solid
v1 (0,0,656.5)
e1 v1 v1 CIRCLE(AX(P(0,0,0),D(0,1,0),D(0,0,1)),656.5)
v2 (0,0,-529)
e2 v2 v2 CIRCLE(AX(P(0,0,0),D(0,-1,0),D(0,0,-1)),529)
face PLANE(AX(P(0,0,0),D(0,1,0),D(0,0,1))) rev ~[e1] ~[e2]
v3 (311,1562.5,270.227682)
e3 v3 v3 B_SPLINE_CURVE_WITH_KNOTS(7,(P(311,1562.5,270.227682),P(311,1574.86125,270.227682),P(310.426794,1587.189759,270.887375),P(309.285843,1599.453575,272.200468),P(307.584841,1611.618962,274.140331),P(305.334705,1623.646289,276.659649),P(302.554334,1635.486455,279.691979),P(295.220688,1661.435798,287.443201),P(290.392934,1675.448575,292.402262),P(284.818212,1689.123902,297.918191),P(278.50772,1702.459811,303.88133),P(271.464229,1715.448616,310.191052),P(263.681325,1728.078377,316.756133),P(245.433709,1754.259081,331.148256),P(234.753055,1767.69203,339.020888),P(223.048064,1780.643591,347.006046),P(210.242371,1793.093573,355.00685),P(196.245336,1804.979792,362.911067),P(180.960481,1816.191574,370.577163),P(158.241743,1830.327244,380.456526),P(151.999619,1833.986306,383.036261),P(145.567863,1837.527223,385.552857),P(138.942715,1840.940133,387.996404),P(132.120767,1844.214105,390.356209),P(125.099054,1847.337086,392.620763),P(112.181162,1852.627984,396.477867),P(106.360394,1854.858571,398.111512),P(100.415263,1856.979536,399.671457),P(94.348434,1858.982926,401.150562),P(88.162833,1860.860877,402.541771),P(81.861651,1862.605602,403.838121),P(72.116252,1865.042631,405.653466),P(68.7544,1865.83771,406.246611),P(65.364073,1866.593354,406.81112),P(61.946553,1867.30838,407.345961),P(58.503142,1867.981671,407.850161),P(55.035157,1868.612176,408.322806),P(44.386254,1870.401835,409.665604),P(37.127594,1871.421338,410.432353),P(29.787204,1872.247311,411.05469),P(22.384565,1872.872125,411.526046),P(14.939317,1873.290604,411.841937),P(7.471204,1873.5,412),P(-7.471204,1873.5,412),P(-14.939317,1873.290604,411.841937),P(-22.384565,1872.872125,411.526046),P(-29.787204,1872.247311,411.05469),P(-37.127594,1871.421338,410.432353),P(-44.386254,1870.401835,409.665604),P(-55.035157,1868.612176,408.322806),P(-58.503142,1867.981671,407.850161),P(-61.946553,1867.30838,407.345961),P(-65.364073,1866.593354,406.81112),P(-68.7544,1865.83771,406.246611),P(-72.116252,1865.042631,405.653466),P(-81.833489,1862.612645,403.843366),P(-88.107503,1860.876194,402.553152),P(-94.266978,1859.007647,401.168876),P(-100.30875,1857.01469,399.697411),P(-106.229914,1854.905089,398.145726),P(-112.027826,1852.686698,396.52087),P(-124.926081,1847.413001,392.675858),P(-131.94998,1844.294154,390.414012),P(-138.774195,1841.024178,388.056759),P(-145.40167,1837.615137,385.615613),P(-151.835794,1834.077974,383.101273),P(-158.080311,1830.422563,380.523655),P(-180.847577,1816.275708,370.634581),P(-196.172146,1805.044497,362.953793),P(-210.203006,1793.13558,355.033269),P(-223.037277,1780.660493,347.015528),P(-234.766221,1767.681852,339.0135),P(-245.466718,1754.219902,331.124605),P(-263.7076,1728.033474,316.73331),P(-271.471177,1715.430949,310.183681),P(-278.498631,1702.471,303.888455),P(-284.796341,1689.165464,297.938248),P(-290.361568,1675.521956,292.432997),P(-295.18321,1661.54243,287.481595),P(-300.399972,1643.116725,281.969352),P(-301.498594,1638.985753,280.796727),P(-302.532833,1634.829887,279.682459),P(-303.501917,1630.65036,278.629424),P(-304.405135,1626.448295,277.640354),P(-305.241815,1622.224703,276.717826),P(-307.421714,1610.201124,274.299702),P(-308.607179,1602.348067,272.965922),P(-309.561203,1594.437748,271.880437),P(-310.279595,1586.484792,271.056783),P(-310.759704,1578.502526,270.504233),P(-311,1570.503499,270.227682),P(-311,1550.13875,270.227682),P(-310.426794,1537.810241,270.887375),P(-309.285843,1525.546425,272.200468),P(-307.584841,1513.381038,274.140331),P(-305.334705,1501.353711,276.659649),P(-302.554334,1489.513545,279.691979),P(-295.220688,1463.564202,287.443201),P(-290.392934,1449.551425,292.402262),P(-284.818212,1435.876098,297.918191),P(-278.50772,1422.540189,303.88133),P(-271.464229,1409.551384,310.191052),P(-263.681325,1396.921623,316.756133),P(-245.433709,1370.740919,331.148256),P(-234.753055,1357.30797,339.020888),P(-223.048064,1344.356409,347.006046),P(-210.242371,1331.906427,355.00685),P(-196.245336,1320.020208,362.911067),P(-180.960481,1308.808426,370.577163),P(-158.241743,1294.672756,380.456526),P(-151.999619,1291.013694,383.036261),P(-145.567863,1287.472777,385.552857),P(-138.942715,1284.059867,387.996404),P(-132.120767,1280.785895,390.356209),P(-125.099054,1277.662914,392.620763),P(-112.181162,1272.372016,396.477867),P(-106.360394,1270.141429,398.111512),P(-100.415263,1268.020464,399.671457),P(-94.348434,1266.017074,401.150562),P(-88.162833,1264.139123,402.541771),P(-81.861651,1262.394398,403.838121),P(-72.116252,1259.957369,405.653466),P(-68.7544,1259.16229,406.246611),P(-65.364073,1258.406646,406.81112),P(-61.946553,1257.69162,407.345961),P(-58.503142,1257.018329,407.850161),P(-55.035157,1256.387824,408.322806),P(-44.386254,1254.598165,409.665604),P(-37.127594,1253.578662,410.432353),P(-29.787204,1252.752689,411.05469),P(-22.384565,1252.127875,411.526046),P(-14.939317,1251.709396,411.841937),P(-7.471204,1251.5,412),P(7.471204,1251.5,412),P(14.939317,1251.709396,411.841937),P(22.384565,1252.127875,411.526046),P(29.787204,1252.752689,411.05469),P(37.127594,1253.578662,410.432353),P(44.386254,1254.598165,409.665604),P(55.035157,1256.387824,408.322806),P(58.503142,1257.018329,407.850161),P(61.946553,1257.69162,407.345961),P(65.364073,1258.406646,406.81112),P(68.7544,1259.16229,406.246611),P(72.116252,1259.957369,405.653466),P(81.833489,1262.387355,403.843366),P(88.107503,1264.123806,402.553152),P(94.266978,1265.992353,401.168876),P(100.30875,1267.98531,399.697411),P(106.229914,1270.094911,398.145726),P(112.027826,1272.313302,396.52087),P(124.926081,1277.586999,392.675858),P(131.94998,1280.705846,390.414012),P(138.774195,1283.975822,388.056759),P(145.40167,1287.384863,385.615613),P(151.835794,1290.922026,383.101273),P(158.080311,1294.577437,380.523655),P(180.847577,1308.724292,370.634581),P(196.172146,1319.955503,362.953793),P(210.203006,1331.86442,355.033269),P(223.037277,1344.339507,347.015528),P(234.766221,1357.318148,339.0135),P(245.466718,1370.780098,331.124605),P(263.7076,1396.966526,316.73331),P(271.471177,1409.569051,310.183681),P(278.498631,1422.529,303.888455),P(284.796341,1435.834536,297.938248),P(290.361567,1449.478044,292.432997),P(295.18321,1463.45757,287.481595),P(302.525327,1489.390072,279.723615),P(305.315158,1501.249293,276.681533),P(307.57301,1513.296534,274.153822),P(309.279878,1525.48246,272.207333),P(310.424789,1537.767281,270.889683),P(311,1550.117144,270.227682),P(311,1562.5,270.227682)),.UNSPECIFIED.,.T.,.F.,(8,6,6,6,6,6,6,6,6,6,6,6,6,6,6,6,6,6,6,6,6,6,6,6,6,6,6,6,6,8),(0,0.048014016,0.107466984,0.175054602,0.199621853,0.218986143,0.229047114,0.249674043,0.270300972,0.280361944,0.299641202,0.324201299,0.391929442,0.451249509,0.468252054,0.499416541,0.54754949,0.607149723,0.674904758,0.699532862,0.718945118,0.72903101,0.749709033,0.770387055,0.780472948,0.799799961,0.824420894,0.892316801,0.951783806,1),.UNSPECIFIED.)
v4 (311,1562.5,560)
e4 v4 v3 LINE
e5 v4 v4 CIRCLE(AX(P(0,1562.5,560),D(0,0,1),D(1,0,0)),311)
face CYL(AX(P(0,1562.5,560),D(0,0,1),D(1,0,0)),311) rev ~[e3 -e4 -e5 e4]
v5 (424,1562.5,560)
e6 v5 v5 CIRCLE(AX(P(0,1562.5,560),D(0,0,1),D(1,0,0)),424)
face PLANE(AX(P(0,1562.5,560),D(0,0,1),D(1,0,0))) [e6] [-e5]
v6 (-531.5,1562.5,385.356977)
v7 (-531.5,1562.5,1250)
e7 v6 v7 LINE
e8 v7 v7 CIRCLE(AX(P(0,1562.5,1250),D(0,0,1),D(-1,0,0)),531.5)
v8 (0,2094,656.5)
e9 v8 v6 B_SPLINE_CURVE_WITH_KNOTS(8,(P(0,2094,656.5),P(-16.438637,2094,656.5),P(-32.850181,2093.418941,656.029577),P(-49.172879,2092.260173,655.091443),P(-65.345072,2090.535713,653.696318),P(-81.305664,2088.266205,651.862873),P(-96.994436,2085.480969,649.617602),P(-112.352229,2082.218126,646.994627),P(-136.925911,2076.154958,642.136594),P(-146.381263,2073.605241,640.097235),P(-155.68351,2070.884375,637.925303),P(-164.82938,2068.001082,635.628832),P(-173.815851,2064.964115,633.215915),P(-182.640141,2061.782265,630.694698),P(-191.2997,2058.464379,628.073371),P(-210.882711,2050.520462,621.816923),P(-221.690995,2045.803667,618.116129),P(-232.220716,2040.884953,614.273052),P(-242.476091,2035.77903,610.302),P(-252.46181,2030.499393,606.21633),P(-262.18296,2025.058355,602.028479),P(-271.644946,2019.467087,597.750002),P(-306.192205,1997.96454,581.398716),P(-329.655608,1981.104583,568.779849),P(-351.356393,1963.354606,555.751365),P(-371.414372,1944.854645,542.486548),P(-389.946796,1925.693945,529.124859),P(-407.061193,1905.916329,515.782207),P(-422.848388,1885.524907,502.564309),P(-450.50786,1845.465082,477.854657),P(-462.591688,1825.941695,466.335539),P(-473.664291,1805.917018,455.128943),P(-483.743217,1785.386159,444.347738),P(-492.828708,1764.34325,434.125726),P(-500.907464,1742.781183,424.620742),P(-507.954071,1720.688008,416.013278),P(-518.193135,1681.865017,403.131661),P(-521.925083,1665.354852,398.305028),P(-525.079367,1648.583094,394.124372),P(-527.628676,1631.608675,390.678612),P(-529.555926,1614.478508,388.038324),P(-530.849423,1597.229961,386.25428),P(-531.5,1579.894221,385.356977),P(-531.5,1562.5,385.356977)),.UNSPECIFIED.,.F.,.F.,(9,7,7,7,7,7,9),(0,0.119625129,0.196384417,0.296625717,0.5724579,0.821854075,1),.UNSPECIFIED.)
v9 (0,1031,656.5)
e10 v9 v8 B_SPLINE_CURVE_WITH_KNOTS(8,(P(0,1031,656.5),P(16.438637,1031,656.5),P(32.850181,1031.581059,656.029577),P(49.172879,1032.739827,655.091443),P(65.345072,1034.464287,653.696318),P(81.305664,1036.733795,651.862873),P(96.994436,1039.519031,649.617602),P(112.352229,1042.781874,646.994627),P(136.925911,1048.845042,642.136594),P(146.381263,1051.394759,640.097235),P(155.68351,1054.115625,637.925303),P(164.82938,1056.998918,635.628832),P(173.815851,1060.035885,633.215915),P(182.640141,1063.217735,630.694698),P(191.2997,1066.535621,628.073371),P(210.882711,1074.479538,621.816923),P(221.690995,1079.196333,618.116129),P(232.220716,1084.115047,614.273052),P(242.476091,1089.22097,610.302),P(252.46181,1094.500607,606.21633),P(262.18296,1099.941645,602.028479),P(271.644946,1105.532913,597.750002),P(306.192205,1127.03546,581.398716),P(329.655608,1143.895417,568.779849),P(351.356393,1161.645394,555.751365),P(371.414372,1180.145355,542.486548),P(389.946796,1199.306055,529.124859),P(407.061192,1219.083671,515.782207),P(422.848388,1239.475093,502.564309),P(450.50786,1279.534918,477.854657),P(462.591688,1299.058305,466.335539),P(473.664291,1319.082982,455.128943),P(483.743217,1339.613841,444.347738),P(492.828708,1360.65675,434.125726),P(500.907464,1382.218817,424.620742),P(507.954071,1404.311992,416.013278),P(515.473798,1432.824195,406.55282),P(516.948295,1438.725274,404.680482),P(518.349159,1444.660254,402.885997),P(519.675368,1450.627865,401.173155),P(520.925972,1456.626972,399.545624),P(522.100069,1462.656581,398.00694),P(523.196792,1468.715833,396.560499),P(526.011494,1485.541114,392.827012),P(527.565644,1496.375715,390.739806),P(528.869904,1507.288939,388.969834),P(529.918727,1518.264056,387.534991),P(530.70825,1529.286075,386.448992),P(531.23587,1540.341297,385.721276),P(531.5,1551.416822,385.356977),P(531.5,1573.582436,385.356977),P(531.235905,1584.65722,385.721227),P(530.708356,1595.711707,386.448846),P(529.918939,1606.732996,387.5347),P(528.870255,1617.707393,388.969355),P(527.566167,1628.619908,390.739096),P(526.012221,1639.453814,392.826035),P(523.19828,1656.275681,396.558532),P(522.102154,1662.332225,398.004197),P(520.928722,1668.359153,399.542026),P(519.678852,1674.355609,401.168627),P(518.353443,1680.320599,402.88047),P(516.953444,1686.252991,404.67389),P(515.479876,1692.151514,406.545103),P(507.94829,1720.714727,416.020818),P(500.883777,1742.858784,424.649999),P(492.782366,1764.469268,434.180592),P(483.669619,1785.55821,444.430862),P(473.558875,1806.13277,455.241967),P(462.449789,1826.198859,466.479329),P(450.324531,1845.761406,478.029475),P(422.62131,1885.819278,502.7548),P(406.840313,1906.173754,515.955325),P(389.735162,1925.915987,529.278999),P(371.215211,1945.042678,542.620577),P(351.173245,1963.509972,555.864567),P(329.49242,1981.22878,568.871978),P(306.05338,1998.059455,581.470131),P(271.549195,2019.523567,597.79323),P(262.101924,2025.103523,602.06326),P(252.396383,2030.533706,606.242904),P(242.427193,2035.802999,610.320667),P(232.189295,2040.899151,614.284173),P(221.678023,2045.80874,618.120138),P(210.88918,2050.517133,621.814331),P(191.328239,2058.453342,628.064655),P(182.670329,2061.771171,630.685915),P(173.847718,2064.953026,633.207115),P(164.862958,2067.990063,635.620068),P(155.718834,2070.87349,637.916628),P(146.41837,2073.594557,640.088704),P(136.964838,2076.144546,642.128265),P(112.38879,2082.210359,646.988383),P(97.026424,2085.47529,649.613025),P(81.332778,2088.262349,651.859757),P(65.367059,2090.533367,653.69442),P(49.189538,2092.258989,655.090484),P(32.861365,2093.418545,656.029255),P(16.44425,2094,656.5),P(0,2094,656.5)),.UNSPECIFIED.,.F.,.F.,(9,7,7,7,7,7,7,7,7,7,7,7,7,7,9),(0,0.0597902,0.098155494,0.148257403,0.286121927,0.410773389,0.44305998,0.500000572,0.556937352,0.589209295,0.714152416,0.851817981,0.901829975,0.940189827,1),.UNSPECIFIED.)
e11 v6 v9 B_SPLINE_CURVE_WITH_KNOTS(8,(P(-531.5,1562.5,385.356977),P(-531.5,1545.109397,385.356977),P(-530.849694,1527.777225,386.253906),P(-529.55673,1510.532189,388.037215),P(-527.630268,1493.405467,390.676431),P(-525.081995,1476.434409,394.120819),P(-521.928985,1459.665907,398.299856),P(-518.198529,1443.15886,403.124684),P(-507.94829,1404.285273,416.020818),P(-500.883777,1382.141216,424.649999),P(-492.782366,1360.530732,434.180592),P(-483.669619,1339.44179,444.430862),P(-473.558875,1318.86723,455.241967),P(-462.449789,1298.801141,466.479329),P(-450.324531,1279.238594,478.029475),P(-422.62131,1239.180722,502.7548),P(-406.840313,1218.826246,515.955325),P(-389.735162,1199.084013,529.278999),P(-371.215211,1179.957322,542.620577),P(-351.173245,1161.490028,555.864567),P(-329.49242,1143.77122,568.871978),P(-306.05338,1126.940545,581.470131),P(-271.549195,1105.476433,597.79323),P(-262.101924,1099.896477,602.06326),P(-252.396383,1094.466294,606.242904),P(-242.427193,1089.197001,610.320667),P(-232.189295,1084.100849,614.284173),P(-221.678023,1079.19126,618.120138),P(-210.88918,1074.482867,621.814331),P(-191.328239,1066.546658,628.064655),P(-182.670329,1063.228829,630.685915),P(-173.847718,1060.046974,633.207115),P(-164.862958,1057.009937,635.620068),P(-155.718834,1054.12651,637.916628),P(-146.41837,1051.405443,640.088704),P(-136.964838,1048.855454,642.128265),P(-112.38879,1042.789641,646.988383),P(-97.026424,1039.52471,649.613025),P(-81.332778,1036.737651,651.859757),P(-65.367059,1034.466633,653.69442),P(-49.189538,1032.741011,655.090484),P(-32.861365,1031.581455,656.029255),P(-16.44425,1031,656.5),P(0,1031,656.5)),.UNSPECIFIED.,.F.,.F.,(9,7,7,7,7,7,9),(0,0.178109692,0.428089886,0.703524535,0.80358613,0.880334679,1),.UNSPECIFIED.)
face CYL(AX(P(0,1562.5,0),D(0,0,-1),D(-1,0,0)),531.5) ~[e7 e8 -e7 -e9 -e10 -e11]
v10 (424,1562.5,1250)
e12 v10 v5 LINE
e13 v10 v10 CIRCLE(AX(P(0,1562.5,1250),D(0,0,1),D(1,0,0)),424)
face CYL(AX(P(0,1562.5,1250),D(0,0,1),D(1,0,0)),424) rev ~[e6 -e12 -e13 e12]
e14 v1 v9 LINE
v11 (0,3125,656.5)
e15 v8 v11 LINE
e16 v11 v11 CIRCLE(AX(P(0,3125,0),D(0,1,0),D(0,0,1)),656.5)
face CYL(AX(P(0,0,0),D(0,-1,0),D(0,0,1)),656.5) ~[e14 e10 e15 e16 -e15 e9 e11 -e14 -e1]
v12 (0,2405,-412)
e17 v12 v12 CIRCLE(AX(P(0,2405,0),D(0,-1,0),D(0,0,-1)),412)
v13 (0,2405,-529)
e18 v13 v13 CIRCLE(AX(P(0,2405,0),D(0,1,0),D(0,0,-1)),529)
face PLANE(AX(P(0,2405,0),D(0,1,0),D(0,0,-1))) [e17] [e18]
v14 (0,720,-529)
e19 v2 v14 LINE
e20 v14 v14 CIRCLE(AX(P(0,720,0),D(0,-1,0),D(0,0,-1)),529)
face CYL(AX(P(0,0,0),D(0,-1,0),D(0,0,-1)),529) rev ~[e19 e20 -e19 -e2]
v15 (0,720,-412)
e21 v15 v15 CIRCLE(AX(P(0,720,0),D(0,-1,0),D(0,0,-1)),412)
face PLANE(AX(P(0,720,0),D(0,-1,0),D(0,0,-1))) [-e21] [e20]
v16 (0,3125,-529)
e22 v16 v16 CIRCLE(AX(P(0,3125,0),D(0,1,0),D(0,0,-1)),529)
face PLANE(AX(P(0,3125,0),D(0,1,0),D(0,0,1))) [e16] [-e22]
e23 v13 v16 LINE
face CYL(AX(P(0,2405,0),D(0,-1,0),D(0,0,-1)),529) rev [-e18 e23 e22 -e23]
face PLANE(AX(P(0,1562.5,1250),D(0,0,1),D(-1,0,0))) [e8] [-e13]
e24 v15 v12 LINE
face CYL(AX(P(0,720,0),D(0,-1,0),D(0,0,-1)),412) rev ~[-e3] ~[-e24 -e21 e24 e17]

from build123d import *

# Parameters (mm, degrees)
SKETCH1_R           = 656.5
BOSS_EXTRUDE1_DEPTH = 3125
SKETCH2_R           = 531.5
BOSS_EXTRUDE2_DEPTH = 1250
SKETCH3_R           = 424
CUT_EXTRUDE1_DEPTH  = 690
SKETCH4_R           = 311
CUT_EXTRUDE2_DEPTH  = 560
SKETCH5_R           = 529
CUT_EXTRUDE3_DEPTH  = 720
SKETCH6_R           = 412
CUT_EXTRUDE4_DEPTH  = 2789.820046339
CUT_EXTRUDE5_START  = -720
SKETCH7_R           = 529
CUT_EXTRUDE5_DEPTH  = 720


with BuildPart() as part:
    # Sketch1 → Boss-Extrude1 (new body)
    with BuildSketch(Plane(origin=(0, 0, 0), x_dir=(1, 0, 0), z_dir=(0, 1, 0))):
        with Locations(Location((0, 0, 0), (0, 0, 270))):
            Circle(SKETCH1_R)
    extrude(amount=BOSS_EXTRUDE1_DEPTH)

    # Sketch2 → Boss-Extrude2 (add)
    with BuildSketch(Plane.XY):
        with Locations(Location((0, 1562.5, 0), (0, 0, 180))):
            Circle(SKETCH2_R)
    extrude(amount=BOSS_EXTRUDE2_DEPTH)

    # Sketch3 → Cut-Extrude1 (cut)
    with BuildSketch(Plane.XY.offset(1250)):
        with Locations((0, 1562.5)):
            Circle(SKETCH3_R)
    extrude(amount=-CUT_EXTRUDE1_DEPTH, mode=Mode.SUBTRACT)

    # Sketch4 → Cut-Extrude2 (cut)
    with BuildSketch(Plane.XY.offset(560)):
        with Locations((0, 1562.5)):
            Circle(SKETCH4_R)
    extrude(amount=-CUT_EXTRUDE2_DEPTH, mode=Mode.SUBTRACT)

    # Sketch5 → Cut-Extrude3 (cut)
    with BuildSketch(Plane.XZ):
        with Locations(Location((0, 0, 0), (0, 0, 270))):
            Circle(SKETCH5_R)
    extrude(amount=-CUT_EXTRUDE3_DEPTH, mode=Mode.SUBTRACT)

    # Sketch6 → Cut-Extrude4 (cut, through all)
    with BuildSketch(Plane.XZ.offset(-720)):
        with Locations(Location((0, 0, 0), (0, 0, 270))):
            Circle(SKETCH6_R)
    extrude(amount=-CUT_EXTRUDE4_DEPTH, mode=Mode.SUBTRACT)

    # Sketch7 → Cut-Extrude5 (cut)
    with BuildSketch(Plane(origin=(0, 3125, 0), x_dir=(1, 0, 0), z_dir=(0, 1, 0)).offset(CUT_EXTRUDE5_START)):
        with Locations(Location((0, 0, 0), (0, 0, 90))):
            Circle(SKETCH7_R)
    extrude(amount=CUT_EXTRUDE5_DEPTH, mode=Mode.SUBTRACT)


solid = part.part
